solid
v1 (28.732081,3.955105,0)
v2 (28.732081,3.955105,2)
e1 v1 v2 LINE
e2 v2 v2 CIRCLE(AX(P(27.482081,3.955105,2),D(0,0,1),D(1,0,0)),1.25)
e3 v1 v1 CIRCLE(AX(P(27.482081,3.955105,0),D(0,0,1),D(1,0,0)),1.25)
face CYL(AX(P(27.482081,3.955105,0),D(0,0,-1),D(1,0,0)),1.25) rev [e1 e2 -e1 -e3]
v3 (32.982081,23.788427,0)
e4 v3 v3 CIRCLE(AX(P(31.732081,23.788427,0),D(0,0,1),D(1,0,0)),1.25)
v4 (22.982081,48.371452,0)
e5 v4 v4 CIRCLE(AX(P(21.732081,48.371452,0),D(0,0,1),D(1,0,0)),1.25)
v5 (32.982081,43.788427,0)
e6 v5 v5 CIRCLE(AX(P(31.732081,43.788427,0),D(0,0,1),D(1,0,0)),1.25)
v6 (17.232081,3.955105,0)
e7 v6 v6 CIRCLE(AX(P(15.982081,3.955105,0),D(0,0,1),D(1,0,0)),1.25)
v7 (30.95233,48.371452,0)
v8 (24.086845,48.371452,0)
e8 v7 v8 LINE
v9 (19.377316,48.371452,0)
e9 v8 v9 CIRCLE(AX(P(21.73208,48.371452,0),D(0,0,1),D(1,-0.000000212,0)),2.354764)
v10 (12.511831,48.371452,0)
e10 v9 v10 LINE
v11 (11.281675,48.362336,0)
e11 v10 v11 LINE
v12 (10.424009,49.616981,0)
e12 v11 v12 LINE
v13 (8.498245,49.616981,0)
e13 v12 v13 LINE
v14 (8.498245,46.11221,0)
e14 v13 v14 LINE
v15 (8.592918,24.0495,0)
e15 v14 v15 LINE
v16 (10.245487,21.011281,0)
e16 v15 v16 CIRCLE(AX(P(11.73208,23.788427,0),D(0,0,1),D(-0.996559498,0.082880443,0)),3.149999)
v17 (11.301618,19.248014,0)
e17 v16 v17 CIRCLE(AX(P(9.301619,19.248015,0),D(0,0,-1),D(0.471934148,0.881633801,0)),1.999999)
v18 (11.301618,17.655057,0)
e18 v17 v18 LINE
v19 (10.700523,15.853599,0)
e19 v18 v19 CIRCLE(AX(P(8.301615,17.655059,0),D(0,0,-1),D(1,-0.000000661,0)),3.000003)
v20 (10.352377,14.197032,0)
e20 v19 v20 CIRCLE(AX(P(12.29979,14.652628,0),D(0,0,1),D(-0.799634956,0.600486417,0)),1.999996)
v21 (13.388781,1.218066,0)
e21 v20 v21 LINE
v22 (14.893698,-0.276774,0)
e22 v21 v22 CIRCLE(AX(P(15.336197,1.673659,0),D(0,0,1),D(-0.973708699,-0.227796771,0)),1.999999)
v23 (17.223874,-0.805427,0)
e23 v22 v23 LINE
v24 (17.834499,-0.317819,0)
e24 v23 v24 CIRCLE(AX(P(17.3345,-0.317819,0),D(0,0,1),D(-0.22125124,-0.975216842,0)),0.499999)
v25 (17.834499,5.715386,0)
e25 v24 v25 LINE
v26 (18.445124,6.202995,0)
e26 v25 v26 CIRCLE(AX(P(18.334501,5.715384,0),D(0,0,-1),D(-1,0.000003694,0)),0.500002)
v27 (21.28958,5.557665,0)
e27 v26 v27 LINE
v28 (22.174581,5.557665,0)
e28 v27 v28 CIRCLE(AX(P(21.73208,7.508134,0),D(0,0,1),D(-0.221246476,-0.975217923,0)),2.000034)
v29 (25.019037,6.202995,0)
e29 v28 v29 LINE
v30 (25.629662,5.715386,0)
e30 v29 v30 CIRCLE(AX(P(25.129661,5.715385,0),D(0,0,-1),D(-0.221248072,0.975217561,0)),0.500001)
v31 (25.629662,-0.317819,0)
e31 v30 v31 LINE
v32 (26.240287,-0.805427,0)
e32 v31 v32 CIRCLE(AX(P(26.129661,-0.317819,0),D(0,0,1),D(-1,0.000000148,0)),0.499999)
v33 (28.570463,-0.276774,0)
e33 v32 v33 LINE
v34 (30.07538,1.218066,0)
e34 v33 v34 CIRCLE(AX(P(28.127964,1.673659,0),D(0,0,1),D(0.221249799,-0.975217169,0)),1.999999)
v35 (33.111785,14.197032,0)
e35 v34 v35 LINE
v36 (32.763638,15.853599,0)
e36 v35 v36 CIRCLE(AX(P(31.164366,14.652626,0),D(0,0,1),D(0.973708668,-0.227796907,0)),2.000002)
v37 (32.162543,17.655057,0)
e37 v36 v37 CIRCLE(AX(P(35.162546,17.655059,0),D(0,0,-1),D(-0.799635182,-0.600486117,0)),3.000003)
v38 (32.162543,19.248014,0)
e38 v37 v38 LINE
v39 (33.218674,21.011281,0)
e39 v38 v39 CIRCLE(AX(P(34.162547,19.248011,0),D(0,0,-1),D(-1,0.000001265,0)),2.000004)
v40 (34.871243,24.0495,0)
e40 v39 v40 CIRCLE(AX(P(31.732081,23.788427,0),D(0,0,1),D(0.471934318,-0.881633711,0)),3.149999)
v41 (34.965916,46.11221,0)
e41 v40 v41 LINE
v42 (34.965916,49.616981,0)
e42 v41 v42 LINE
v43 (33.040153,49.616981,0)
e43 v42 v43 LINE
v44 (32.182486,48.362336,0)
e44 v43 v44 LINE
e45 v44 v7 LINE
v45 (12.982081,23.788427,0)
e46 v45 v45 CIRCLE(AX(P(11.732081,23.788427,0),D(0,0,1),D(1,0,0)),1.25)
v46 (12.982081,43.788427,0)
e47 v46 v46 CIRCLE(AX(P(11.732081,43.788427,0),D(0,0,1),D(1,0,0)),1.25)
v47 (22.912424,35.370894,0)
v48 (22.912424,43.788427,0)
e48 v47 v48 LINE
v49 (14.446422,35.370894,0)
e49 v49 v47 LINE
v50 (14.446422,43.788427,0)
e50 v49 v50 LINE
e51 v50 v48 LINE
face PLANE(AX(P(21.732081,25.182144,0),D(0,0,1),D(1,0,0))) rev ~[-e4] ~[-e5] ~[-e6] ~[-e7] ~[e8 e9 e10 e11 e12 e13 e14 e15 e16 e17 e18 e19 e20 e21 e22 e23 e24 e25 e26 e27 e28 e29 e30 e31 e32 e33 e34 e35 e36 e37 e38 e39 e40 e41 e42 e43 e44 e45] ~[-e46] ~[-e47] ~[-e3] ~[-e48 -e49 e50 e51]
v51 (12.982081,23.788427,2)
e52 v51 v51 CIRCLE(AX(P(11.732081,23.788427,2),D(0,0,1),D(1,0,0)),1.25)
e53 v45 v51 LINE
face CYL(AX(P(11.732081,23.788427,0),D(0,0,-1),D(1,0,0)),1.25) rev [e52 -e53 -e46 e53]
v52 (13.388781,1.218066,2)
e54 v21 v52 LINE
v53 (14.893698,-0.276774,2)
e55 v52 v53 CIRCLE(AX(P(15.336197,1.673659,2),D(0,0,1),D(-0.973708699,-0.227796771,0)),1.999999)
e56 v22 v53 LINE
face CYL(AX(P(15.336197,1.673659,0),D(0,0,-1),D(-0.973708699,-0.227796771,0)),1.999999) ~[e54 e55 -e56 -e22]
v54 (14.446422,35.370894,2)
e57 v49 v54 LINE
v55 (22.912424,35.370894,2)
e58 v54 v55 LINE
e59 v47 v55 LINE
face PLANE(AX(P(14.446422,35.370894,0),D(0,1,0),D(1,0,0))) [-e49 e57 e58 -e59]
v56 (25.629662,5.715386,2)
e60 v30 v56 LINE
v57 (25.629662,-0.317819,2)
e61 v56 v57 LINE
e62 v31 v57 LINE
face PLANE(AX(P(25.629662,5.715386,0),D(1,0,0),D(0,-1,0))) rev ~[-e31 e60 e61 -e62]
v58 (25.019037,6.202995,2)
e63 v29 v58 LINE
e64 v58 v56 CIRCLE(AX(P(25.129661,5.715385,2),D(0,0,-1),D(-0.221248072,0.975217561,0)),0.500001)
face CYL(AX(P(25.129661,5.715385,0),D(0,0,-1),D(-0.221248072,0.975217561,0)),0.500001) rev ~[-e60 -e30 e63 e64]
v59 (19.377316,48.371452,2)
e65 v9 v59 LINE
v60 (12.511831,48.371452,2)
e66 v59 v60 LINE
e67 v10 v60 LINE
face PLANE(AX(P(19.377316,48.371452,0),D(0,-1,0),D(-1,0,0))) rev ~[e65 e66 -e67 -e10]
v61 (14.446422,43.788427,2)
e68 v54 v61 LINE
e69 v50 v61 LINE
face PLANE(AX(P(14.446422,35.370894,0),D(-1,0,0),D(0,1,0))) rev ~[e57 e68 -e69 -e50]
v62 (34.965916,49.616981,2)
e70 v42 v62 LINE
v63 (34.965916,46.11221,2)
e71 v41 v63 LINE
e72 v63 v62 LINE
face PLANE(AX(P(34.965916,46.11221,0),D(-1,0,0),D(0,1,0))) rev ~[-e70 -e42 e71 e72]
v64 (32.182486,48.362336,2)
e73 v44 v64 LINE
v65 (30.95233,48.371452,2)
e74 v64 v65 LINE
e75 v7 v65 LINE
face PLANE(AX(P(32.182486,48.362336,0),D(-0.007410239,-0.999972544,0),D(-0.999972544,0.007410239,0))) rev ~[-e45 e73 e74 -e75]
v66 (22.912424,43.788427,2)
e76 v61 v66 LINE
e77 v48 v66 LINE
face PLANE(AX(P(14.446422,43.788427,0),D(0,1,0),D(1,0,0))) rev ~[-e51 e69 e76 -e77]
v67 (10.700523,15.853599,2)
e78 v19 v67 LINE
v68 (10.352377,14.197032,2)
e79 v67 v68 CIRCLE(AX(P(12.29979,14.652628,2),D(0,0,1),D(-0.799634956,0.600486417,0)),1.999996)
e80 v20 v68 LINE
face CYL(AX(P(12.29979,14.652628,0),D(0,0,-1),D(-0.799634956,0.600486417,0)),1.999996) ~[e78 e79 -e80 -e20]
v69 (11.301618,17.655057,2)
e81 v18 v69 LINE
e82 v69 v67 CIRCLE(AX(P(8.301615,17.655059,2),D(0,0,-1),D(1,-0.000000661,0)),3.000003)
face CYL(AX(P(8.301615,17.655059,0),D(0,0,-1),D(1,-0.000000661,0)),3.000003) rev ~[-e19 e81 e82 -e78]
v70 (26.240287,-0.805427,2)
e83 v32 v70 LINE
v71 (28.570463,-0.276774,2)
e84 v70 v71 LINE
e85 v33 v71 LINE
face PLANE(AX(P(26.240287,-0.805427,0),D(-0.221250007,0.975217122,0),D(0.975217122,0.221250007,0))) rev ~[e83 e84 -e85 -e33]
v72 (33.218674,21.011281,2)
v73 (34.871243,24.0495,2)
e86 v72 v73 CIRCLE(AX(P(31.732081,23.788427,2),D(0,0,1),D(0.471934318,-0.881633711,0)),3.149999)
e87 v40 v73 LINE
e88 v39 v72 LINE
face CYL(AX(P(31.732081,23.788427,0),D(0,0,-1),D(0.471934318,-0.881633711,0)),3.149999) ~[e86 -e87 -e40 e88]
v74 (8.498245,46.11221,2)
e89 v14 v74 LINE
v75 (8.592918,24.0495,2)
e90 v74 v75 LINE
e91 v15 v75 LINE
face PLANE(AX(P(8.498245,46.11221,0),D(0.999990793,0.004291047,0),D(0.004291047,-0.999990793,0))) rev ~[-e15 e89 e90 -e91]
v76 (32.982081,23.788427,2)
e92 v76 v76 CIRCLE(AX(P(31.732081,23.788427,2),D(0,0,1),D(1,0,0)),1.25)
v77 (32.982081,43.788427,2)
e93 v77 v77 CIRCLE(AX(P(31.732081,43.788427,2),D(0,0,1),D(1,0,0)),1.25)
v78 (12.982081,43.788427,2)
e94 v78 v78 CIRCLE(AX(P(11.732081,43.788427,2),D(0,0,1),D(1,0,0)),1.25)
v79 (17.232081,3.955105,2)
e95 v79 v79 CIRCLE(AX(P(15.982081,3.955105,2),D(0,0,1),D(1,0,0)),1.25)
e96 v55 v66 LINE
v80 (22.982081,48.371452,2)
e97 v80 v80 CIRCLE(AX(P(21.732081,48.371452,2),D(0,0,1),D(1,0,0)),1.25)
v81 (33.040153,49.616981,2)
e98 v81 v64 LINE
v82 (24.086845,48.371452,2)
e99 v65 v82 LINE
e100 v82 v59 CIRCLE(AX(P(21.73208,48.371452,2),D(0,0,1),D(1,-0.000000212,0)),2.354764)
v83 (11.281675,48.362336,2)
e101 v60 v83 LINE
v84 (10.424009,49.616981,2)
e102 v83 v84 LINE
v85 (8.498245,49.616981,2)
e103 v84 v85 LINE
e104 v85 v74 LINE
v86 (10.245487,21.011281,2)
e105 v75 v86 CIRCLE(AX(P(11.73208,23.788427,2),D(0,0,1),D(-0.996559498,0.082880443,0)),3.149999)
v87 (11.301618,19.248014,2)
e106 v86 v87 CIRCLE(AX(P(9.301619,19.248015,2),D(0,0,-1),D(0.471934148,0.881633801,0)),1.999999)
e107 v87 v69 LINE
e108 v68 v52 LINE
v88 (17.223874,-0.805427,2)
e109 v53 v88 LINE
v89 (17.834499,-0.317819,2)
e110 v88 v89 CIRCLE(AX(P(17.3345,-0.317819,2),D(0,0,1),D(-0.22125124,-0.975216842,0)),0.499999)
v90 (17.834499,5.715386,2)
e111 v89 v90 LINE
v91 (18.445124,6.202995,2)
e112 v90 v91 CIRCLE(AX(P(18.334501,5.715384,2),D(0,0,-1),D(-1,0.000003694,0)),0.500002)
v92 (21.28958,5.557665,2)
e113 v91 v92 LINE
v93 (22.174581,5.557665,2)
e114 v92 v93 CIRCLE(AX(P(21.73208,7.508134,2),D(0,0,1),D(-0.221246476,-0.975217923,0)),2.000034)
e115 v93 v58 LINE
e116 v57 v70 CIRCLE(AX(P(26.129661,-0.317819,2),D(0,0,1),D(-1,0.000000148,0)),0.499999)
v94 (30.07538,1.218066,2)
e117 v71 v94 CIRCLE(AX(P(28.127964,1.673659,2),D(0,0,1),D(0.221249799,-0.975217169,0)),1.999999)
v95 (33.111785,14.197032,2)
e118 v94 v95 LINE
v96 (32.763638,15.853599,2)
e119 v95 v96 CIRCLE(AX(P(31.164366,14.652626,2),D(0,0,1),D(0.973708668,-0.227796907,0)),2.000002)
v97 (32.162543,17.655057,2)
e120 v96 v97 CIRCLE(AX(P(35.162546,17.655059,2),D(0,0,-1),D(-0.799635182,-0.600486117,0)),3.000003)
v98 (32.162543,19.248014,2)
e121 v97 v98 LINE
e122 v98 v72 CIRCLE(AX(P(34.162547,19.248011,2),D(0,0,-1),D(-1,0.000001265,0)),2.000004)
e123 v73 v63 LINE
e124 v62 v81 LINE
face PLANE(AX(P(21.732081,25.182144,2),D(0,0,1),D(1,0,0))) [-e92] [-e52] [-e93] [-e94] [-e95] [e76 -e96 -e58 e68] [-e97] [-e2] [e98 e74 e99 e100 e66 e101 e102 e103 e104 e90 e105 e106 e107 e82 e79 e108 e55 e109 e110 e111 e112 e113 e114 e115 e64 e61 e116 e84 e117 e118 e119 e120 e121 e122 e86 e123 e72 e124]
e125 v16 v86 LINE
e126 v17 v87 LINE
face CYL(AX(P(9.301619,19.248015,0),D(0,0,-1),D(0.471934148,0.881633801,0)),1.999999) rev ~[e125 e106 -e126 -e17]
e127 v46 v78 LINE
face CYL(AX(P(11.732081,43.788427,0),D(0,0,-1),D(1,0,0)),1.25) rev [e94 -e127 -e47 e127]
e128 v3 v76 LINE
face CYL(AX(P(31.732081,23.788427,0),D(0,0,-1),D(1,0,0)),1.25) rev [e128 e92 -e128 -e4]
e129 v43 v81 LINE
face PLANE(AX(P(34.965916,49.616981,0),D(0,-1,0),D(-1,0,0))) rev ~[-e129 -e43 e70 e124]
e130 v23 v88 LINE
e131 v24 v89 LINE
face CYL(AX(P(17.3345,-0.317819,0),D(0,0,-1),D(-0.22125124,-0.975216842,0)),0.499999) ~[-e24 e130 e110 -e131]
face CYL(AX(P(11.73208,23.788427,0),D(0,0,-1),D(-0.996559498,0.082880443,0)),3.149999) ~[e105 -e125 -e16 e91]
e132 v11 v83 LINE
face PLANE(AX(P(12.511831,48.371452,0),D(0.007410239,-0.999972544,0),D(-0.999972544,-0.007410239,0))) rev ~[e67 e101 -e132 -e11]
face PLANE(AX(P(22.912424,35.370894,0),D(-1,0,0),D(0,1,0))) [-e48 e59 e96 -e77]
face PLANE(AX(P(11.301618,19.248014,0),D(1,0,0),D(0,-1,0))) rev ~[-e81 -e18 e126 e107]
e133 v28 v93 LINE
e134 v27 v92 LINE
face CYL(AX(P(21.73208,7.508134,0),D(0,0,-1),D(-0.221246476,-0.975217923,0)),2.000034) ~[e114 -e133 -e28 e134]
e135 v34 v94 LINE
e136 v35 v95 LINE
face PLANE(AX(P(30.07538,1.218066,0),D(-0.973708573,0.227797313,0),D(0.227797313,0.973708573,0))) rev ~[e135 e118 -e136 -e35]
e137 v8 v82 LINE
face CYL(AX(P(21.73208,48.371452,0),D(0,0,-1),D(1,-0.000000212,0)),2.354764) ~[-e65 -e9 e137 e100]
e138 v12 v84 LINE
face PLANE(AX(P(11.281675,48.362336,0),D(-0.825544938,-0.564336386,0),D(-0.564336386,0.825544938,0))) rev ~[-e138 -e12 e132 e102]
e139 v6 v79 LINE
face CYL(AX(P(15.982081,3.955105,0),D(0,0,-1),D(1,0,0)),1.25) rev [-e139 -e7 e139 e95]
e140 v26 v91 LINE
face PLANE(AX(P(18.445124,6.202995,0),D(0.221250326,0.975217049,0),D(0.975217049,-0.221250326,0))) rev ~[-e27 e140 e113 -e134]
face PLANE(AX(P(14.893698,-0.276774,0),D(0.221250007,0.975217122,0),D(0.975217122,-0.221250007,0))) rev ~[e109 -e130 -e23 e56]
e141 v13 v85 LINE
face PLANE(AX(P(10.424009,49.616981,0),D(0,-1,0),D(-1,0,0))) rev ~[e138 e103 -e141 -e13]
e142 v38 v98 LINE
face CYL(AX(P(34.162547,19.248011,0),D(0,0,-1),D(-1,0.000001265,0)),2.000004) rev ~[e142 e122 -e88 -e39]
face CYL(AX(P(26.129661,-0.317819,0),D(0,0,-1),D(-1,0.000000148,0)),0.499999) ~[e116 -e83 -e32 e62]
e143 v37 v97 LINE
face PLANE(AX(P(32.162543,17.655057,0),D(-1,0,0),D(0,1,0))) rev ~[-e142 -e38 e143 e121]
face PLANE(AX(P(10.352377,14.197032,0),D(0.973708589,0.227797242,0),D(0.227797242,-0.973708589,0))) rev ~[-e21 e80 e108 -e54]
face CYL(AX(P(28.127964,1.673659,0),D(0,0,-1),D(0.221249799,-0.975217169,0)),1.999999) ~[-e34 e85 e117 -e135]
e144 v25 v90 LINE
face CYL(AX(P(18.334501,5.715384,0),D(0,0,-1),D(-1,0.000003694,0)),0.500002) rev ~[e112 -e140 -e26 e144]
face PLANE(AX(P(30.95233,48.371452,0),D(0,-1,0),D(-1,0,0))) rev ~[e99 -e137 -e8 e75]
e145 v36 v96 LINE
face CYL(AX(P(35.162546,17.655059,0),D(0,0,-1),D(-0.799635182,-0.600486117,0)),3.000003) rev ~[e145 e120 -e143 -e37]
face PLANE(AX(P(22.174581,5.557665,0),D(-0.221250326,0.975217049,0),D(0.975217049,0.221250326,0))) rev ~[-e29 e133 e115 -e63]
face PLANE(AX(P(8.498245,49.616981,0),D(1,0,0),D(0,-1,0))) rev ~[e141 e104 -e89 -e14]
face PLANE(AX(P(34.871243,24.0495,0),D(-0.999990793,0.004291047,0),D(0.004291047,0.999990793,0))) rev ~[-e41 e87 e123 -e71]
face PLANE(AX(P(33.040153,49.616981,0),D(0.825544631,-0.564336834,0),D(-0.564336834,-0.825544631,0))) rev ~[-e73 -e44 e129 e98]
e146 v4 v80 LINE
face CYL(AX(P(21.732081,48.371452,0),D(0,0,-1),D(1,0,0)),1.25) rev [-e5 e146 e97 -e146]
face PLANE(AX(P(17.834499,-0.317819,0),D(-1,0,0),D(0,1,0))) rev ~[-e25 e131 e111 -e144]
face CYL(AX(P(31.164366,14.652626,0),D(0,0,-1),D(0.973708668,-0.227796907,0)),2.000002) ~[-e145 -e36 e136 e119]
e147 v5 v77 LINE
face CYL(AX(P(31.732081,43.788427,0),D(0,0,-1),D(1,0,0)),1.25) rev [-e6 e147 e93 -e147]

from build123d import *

# Parameters (mm, degrees)
F0_R     = 1.25
F0_W     = 8.466002
F0_H     = 8.417533
F1_DEPTH = 2


with BuildPart() as f1:
    # F0 (on Top) → F1 (new body)
    with BuildSketch(Plane.XY):
        with BuildLine():
            Line((19.377316, 48.371452), (12.511831, 48.371452))
            Line((12.511831, 48.371452), (11.281675, 48.362336))
            Line((11.281675, 48.362336), (10.424009, 49.616981))
            Line((10.424009, 49.616981), (8.498245, 49.616981))
            Line((8.498245, 49.616981), (8.498245, 46.11221))
            Line((8.498245, 46.11221), (8.592918, 24.0495))
            ThreePointArc((8.592918, 24.0495), (8.964934, 22.283302), (10.245487, 21.011281))
            ThreePointArc((10.245487, 21.011281), (11.017389, 20.275696), (11.301618, 19.248014))
            Line((11.301618, 19.248014), (11.301618, 17.655057))
            ThreePointArc((11.301618, 17.655057), (11.147379, 16.705509), (10.700523, 15.853599))
            ThreePointArc((10.700523, 15.853599), (10.34255, 15.063964), (10.352377, 14.197032))
            Line((10.352377, 14.197032), (13.388781, 1.218066))
            ThreePointArc((13.388781, 1.218066), (13.926743, 0.254704), (14.893698, -0.276774))
            Line((14.893698, -0.276774), (17.223874, -0.805427))
            ThreePointArc((17.223874, -0.805427), (17.646499, -0.708531), (17.834499, -0.317819))
            Line((17.834499, -0.317819), (17.834499, 5.715386))
            ThreePointArc((17.834499, 5.715386), (18.0225, 6.106098), (18.445124, 6.202995))
            Line((18.445124, 6.202995), (21.28958, 5.557665))
            ThreePointArc((21.28958, 5.557665), (21.732081, 5.5081), (22.174581, 5.557665))
            Line((22.174581, 5.557665), (25.019037, 6.202995))
            ThreePointArc((25.019037, 6.202995), (25.441662, 6.106098), (25.629662, 5.715386))
            Line((25.629662, 5.715386), (25.629662, -0.317819))
            ThreePointArc((25.629662, -0.317819), (25.817662, -0.708531), (26.240287, -0.805427))
            Line((26.240287, -0.805427), (28.570463, -0.276774))
            ThreePointArc((28.570463, -0.276774), (29.537418, 0.254704), (30.07538, 1.218066))
            Line((30.07538, 1.218066), (33.111785, 14.197032))
            ThreePointArc((33.111785, 14.197032), (33.121611, 15.063964), (32.763638, 15.853599))
            ThreePointArc((32.763638, 15.853599), (32.316782, 16.705509), (32.162543, 17.655057))
            Line((32.162543, 17.655057), (32.162543, 19.248014))
            ThreePointArc((32.162543, 19.248014), (32.446773, 20.275696), (33.218674, 21.011281))
            ThreePointArc((33.218674, 21.011281), (34.499227, 22.283302), (34.871243, 24.0495))
            Line((34.871243, 24.0495), (34.965916, 46.11221))
            Line((34.965916, 46.11221), (34.965916, 49.616981))
            Line((34.965916, 49.616981), (33.040153, 49.616981))
            Line((33.040153, 49.616981), (32.182486, 48.362336))
            Line((32.182486, 48.362336), (30.95233, 48.371452))
            Line((30.95233, 48.371452), (24.086845, 48.371452))
            ThreePointArc((24.086845, 48.371452), (21.732081, 50.726217), (19.377316, 48.371452))
        make_face()
        with Locations((15.982081, 3.955105)):
            Circle(F0_R, mode=Mode.SUBTRACT)
        with Locations((11.732081, 23.788427)):
            Circle(F0_R, mode=Mode.SUBTRACT)
        with Locations((27.482081, 3.955105)):
            Circle(F0_R, mode=Mode.SUBTRACT)
        with Locations((31.732081, 23.788427)):
            Circle(F0_R, mode=Mode.SUBTRACT)
        with Locations((11.732081, 43.788427)):
            Circle(F0_R, mode=Mode.SUBTRACT)
        with Locations((18.679423, 39.579661)):
            Rectangle(F0_W, F0_H, mode=Mode.SUBTRACT)
        with Locations((21.732081, 48.371452)):
            Circle(F0_R, mode=Mode.SUBTRACT)
        with Locations((31.732081, 43.788427)):
            Circle(F0_R, mode=Mode.SUBTRACT)
    extrude(amount=F1_DEPTH)


solid = f1.part
